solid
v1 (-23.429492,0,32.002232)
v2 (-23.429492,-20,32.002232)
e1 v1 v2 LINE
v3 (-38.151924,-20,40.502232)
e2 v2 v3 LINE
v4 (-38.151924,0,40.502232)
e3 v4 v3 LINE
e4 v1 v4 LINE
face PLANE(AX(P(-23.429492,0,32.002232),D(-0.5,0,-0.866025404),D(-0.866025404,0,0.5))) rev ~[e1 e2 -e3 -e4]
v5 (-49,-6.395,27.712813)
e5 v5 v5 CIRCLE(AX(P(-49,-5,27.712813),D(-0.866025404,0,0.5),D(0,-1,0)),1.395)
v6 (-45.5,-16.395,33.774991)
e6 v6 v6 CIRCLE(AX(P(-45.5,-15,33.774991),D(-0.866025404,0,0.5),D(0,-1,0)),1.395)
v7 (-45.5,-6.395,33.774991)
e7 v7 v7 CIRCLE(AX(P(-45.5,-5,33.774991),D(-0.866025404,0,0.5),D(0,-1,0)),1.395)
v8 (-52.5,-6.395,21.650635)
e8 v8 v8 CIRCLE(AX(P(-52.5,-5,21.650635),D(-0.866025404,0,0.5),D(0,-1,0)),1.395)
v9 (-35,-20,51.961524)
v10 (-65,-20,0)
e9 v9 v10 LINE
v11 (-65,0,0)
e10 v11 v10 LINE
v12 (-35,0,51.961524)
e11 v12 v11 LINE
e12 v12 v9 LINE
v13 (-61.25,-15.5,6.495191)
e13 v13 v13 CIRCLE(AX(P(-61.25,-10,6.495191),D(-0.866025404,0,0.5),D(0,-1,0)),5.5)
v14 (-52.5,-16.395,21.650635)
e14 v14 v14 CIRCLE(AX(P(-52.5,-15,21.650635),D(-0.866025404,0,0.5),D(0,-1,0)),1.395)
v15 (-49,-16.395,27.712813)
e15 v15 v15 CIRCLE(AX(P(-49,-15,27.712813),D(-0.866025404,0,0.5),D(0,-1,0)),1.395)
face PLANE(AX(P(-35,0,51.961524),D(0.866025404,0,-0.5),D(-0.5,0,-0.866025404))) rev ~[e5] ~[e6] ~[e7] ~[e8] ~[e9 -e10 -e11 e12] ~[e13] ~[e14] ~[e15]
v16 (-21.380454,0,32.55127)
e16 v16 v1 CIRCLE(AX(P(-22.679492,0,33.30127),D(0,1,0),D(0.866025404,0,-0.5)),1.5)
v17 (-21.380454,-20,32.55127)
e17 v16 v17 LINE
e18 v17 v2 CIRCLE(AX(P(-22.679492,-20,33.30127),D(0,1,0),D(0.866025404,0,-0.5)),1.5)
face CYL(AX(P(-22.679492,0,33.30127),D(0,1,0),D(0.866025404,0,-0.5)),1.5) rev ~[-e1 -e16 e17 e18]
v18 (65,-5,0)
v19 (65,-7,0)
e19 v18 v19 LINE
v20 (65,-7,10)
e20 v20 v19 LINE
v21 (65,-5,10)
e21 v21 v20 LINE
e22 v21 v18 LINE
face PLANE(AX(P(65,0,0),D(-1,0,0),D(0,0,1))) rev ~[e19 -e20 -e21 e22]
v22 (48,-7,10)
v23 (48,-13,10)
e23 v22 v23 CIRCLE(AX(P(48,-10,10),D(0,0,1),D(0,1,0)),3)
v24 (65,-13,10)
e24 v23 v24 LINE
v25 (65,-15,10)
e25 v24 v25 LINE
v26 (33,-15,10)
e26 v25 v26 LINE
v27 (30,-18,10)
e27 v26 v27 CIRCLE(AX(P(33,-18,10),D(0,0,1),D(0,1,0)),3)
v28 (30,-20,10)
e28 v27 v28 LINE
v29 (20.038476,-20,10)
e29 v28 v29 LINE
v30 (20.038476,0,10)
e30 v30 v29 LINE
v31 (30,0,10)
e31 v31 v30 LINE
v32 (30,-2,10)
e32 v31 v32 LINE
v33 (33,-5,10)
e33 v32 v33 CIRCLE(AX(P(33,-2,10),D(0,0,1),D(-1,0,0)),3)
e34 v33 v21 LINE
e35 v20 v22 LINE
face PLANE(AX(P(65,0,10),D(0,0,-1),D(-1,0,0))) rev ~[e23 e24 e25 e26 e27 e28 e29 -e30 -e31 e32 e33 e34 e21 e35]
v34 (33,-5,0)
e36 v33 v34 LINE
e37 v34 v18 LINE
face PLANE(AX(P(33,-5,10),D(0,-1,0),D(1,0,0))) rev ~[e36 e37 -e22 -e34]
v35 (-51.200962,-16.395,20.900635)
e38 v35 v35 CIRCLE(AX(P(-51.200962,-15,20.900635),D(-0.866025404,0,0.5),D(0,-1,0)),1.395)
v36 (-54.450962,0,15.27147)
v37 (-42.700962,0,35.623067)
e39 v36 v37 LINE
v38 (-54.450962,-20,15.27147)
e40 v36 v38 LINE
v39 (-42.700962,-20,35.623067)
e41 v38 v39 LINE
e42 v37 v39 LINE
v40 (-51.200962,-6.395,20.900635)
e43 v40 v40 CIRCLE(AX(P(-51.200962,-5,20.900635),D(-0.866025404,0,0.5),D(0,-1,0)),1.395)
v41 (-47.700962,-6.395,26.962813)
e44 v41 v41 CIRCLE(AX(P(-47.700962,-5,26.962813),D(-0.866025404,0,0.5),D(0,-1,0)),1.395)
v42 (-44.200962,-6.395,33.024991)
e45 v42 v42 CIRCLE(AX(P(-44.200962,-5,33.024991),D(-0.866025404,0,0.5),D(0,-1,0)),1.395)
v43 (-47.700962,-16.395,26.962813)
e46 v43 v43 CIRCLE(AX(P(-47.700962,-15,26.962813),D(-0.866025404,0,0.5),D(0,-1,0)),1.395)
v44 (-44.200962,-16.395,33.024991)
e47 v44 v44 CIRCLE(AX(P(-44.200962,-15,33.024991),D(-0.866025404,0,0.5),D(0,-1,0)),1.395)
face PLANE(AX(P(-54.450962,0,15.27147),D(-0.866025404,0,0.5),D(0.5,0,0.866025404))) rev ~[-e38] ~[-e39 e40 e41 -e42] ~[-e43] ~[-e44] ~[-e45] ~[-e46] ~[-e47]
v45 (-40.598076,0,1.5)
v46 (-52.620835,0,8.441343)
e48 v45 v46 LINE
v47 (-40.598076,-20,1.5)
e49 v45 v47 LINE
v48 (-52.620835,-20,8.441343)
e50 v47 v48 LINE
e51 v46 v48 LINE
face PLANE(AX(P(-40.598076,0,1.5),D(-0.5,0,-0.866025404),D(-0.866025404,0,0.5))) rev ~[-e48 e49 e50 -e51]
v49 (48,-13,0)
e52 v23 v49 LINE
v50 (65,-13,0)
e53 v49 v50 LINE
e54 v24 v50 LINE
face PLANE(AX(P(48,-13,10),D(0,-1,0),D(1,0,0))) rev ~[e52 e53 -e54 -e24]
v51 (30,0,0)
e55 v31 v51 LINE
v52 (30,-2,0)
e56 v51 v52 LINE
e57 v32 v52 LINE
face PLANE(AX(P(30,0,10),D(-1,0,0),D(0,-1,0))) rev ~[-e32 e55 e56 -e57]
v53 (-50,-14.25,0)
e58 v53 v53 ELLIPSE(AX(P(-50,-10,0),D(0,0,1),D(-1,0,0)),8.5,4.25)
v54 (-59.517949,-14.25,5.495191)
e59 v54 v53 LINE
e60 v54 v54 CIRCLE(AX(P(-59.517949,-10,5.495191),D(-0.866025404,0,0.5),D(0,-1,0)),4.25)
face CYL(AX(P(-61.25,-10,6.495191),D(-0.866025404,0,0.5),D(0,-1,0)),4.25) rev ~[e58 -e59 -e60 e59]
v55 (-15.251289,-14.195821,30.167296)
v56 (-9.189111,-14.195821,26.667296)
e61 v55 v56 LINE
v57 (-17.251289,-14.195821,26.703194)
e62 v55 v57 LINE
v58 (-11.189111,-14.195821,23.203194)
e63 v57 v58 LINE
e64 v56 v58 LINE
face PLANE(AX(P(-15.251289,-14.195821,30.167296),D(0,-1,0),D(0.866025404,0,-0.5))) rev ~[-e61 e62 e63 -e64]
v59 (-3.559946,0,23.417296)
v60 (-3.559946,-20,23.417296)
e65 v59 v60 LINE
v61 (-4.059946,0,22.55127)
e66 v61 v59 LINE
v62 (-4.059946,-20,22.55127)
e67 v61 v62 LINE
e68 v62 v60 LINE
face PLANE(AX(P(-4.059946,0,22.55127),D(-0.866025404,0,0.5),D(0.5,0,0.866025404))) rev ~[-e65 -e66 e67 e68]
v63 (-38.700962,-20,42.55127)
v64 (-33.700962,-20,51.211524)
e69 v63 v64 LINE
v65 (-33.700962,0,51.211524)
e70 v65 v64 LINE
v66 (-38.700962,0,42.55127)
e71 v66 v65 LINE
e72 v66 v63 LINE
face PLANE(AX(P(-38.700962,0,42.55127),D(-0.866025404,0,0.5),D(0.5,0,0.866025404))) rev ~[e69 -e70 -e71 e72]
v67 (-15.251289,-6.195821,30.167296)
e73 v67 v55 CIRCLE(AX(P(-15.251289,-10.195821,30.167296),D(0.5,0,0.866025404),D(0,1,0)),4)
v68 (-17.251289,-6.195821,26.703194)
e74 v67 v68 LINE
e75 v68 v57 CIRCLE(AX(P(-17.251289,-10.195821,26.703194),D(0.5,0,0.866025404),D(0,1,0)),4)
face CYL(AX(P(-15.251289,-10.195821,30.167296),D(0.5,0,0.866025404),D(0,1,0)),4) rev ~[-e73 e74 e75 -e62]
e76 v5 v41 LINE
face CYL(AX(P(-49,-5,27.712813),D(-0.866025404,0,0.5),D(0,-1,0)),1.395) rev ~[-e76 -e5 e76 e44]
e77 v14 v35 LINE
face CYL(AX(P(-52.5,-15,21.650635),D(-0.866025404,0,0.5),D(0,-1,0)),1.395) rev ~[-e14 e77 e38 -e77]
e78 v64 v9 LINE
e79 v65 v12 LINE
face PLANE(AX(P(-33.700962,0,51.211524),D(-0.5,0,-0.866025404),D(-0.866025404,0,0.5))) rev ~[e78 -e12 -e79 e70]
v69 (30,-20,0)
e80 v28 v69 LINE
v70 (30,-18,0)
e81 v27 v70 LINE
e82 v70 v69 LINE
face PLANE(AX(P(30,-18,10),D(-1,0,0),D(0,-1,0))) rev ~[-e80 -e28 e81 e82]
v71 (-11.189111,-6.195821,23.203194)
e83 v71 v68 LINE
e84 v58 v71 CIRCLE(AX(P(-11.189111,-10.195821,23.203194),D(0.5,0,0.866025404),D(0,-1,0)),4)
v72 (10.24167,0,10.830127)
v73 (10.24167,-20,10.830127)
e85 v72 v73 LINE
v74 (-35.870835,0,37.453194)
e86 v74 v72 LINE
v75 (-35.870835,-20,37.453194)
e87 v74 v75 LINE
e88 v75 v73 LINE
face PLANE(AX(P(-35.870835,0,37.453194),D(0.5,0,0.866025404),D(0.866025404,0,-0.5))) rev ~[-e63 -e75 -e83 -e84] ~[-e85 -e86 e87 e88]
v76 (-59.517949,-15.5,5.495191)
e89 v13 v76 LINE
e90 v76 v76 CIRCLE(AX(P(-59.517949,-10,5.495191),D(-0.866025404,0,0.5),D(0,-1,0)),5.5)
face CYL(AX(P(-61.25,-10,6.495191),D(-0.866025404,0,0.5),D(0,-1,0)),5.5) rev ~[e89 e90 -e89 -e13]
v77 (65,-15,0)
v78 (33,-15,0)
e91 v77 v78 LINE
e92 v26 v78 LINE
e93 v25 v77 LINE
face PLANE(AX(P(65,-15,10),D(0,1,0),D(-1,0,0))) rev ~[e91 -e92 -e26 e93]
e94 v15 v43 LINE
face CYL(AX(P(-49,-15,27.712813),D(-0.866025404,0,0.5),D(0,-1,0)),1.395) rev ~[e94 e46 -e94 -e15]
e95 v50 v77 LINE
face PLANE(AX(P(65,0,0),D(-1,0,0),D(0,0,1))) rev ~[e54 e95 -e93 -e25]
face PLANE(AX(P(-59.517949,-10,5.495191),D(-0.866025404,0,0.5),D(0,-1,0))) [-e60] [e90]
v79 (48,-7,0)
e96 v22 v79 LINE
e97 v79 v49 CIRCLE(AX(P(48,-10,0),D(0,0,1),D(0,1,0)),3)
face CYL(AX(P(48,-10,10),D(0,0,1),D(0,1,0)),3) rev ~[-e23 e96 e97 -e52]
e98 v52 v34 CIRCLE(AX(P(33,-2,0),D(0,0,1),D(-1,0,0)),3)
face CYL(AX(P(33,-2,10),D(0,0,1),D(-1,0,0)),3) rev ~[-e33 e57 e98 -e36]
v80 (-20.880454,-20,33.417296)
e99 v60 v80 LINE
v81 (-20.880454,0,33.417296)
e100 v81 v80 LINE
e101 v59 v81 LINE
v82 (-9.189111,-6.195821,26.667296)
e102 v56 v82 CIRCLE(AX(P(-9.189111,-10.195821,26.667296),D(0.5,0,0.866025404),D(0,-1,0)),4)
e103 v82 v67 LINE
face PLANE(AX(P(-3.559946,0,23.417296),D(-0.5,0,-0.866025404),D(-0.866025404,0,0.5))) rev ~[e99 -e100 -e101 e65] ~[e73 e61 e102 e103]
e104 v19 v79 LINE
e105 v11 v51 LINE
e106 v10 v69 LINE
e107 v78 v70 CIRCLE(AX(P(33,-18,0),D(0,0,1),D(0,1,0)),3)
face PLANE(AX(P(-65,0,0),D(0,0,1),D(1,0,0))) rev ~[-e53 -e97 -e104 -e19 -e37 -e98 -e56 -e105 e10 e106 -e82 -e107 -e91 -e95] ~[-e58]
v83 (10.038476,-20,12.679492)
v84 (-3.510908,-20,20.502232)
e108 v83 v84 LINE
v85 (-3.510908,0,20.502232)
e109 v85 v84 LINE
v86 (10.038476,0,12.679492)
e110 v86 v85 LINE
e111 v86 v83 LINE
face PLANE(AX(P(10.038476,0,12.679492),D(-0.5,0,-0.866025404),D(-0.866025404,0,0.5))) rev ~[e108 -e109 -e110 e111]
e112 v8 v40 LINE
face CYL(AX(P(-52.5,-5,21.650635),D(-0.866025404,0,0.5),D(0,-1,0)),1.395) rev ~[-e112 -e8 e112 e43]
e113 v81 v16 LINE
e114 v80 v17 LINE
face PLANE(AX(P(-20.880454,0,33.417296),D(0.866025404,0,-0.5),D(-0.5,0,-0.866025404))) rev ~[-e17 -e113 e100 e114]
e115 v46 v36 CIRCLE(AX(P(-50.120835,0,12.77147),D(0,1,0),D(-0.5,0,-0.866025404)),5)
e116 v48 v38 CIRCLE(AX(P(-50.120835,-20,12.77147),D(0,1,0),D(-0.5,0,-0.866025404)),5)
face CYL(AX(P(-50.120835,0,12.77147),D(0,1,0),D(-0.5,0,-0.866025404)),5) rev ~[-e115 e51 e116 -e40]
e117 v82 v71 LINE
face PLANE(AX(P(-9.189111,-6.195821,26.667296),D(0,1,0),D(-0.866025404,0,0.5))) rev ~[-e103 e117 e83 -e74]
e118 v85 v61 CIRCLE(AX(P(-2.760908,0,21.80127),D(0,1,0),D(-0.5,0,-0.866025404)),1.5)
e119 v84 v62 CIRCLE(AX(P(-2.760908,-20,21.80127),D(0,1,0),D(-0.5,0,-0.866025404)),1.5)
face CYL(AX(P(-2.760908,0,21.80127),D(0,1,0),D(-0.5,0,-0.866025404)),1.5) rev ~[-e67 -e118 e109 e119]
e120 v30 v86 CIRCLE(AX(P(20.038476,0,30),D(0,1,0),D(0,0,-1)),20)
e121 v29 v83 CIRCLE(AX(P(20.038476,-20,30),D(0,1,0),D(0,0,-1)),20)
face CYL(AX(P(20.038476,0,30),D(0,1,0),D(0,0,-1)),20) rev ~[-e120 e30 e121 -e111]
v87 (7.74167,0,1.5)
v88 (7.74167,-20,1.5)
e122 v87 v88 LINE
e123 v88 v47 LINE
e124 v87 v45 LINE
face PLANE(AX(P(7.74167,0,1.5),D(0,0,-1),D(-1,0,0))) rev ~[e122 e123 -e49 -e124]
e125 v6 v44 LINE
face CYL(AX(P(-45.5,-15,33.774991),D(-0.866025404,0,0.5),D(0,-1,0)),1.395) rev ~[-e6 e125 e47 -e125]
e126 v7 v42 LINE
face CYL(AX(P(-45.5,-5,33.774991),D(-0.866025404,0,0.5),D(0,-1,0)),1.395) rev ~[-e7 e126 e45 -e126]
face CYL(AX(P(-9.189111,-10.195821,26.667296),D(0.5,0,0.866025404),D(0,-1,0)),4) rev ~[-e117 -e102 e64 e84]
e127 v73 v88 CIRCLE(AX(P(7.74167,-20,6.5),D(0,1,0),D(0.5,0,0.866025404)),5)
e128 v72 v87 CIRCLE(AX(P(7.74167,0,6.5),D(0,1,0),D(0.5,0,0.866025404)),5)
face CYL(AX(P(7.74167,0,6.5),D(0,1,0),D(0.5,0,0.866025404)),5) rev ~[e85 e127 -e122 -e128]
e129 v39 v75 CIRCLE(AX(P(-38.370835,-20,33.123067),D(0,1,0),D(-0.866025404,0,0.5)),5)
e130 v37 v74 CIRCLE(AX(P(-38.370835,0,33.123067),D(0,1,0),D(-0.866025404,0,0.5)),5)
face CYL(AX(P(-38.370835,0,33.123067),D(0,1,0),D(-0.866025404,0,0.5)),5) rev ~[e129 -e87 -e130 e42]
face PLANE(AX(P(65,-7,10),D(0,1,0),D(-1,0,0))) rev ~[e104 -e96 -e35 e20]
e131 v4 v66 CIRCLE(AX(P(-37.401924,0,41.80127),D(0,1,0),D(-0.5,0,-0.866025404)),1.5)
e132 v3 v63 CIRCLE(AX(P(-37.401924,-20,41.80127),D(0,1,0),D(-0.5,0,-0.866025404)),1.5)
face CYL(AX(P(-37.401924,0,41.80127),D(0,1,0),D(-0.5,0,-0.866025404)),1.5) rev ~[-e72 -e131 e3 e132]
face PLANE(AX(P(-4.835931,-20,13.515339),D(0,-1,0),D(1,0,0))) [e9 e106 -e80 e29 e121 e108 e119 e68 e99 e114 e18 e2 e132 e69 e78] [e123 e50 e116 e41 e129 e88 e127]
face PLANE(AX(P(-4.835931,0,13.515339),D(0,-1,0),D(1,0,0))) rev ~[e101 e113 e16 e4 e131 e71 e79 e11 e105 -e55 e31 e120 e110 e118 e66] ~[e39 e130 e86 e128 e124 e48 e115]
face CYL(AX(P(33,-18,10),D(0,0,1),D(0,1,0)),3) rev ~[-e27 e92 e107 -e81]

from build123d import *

# Parameters (mm, degrees)
F1_DEPTH  = 20
F3_DEPTH  = 25
F6_DEPTH  = 4
F8_R      = 1.395
F9_DEPTH  = 1.5
F8_R_2    = 4.25
F10_DEPTH = 112.584302492
F8_R_3    = 5.5
F11_DEPTH = 2


with BuildPart() as f1:
    # F0 (on Front) → F1 (new body)
    with BuildSketch(Plane.XZ):
        with BuildLine():
            Line((-35, 51.9615242271), (-65, 0))
            Line((-65, 0), (65, 0))
            Line((65, 0), (65, 10))
            Line((65, 10), (20.0384757729, 10))
            ThreePointArc((20.0384757729, 10), (14.8620948709, 10.6814834742), (10.0384757729, 12.6794919243))
            Line((10.0384757729, 12.6794919243), (-3.5109076373, 20.5022320835))
            ThreePointArc((-3.5109076373, 20.5022320835), (-4.2097963767, 21.4130416216), (-4.0599457429, 22.5512701892))
            Line((-4.0599457429, 22.5512701892), (-3.5599457429, 23.417295593))
            Line((-3.5599457429, 23.417295593), (-20.8804538186, 33.417295593))
            Line((-20.8804538186, 33.417295593), (-21.3804538186, 32.5512701892))
            ThreePointArc((-21.3804538186, 32.5512701892), (-22.2912633567, 31.8523814498), (-23.4294919243, 32.0022320835))
            Line((-23.4294919243, 32.0022320835), (-38.1519237886, 40.5022320835))
            ThreePointArc((-38.1519237886, 40.5022320835), (-38.8508125281, 41.4130416216), (-38.7009618943, 42.5512701892))
            Line((-38.7009618943, 42.5512701892), (-33.7009618943, 51.2115242271))
            Line((-33.7009618943, 51.2115242271), (-35, 51.9615242271))
        make_face()
        with BuildLine():
            ThreePointArc((-52.6208348754, 8.4413429511), (-54.9504640068, 11.4773747445), (-54.4509618943, 15.27146997))
            Line((-54.4509618943, 15.27146997), (-42.7009618943, 35.6230669589))
            ThreePointArc((-42.7009618943, 35.6230669589), (-39.6649301009, 37.9526960904), (-35.8708348754, 37.4531939779))
            Line((-35.8708348754, 37.4531939779), (10.2416697508, 10.8301270189))
            ThreePointArc((10.2416697508, 10.8301270189), (12.5712988822, 5.2059047745), (7.7416697508, 1.5))
            Line((7.7416697508, 1.5), (-40.5980762114, 1.5))
            Line((-40.5980762114, 1.5), (-52.6208348754, 8.4413429511))
        make_face(mode=Mode.SUBTRACT)
    extrude(amount=F1_DEPTH)

    # F2 (on face) → F3 (cut)
    with BuildSketch(Plane.XY.offset(10)):
        with BuildLine():
            Line((65, -17.963156903), (65, -15))
            Line((65, -15), (33, -15))
            ThreePointArc((33, -15), (30.8786796564, -15.8786796564), (30, -18))
            Line((30, -18), (30, -20))
            Line((30, -20), (65, -20))
            Line((65, -20), (65, -17.963156903))
        make_face()
        with BuildLine():
            Line((65, -7), (48, -7))
            ThreePointArc((48, -7), (45, -10), (48, -13))
            Line((48, -13), (65, -13))
            Line((65, -13), (65, -7))
        make_face()
        with BuildLine():
            Line((33, -5), (65, -5))
            Line((65, -5), (65, -2.036843097))
            Line((65, -2.036843097), (65, 0))
            Line((65, 0), (30, 0))
            Line((30, 0), (30, -2))
            ThreePointArc((30, -2), (30.8786796564, -4.1213203436), (33, -5))
        make_face()
    extrude(amount=-F3_DEPTH, mode=Mode.SUBTRACT)

    # F5 (on offset) → F6 (cut, through all)
    with BuildSketch(Plane(origin=(9.25, 0, 16.02146997), x_dir=(0.8660254038, 0, -0.5), z_dir=(0.5, 0, 0.8660254038))):
        with BuildLine():
            Line((-21.291651246, -6.195820753), (-28.291651246, -6.195820753))
            ThreePointArc((-28.291651246, -6.195820753), (-32.291651246, -10.195820753), (-28.291651246, -14.195820753))
            Line((-28.291651246, -14.195820753), (-21.291651246, -14.195820753))
            ThreePointArc((-21.291651246, -14.195820753), (-17.291651246, -10.195820753), (-21.291651246, -6.195820753))
        make_face()
    extrude(amount=-F6_DEPTH, mode=Mode.SUBTRACT)

    # F8 (on offset) → F9 (cut, through all)
    with BuildSketch(Plane(origin=(-48.75, 0, 28.145825623), x_dir=(0, -1, 0), z_dir=(-0.8660254038, 0, 0.5))):
        with Locations((5, -7.5)):
            Circle(F8_R)
        with Locations((5, -0.5)):
            Circle(F8_R)
        with Locations((5, 6.5)):
            Circle(F8_R)
        with Locations((15, -7.5)):
            Circle(F8_R)
        with Locations((15, -0.5)):
            Circle(F8_R)
        with Locations((15, 6.5)):
            Circle(F8_R)
    extrude(amount=-F9_DEPTH, mode=Mode.SUBTRACT)

    # F8 (on offset) → F10 (cut, through all)
    with BuildSketch(Plane(origin=(-48.75, 0, 28.145825623), x_dir=(0, -1, 0), z_dir=(-0.8660254038, 0, 0.5))):
        with Locations((10, -25)):
            Circle(F8_R_2)
    extrude(amount=-F10_DEPTH, mode=Mode.SUBTRACT)

    # F8 (on offset) → F11 (cut)
    with BuildSketch(Plane(origin=(-48.75, 0, 28.145825623), x_dir=(0, -1, 0), z_dir=(-0.8660254038, 0, 0.5))):
        with Locations((10, -25)):
            Circle(F8_R_3)
        with Locations((10, -25)):
            Circle(F8_R_2, mode=Mode.SUBTRACT)
    extrude(amount=-F11_DEPTH, mode=Mode.SUBTRACT)


solid = f1.part
